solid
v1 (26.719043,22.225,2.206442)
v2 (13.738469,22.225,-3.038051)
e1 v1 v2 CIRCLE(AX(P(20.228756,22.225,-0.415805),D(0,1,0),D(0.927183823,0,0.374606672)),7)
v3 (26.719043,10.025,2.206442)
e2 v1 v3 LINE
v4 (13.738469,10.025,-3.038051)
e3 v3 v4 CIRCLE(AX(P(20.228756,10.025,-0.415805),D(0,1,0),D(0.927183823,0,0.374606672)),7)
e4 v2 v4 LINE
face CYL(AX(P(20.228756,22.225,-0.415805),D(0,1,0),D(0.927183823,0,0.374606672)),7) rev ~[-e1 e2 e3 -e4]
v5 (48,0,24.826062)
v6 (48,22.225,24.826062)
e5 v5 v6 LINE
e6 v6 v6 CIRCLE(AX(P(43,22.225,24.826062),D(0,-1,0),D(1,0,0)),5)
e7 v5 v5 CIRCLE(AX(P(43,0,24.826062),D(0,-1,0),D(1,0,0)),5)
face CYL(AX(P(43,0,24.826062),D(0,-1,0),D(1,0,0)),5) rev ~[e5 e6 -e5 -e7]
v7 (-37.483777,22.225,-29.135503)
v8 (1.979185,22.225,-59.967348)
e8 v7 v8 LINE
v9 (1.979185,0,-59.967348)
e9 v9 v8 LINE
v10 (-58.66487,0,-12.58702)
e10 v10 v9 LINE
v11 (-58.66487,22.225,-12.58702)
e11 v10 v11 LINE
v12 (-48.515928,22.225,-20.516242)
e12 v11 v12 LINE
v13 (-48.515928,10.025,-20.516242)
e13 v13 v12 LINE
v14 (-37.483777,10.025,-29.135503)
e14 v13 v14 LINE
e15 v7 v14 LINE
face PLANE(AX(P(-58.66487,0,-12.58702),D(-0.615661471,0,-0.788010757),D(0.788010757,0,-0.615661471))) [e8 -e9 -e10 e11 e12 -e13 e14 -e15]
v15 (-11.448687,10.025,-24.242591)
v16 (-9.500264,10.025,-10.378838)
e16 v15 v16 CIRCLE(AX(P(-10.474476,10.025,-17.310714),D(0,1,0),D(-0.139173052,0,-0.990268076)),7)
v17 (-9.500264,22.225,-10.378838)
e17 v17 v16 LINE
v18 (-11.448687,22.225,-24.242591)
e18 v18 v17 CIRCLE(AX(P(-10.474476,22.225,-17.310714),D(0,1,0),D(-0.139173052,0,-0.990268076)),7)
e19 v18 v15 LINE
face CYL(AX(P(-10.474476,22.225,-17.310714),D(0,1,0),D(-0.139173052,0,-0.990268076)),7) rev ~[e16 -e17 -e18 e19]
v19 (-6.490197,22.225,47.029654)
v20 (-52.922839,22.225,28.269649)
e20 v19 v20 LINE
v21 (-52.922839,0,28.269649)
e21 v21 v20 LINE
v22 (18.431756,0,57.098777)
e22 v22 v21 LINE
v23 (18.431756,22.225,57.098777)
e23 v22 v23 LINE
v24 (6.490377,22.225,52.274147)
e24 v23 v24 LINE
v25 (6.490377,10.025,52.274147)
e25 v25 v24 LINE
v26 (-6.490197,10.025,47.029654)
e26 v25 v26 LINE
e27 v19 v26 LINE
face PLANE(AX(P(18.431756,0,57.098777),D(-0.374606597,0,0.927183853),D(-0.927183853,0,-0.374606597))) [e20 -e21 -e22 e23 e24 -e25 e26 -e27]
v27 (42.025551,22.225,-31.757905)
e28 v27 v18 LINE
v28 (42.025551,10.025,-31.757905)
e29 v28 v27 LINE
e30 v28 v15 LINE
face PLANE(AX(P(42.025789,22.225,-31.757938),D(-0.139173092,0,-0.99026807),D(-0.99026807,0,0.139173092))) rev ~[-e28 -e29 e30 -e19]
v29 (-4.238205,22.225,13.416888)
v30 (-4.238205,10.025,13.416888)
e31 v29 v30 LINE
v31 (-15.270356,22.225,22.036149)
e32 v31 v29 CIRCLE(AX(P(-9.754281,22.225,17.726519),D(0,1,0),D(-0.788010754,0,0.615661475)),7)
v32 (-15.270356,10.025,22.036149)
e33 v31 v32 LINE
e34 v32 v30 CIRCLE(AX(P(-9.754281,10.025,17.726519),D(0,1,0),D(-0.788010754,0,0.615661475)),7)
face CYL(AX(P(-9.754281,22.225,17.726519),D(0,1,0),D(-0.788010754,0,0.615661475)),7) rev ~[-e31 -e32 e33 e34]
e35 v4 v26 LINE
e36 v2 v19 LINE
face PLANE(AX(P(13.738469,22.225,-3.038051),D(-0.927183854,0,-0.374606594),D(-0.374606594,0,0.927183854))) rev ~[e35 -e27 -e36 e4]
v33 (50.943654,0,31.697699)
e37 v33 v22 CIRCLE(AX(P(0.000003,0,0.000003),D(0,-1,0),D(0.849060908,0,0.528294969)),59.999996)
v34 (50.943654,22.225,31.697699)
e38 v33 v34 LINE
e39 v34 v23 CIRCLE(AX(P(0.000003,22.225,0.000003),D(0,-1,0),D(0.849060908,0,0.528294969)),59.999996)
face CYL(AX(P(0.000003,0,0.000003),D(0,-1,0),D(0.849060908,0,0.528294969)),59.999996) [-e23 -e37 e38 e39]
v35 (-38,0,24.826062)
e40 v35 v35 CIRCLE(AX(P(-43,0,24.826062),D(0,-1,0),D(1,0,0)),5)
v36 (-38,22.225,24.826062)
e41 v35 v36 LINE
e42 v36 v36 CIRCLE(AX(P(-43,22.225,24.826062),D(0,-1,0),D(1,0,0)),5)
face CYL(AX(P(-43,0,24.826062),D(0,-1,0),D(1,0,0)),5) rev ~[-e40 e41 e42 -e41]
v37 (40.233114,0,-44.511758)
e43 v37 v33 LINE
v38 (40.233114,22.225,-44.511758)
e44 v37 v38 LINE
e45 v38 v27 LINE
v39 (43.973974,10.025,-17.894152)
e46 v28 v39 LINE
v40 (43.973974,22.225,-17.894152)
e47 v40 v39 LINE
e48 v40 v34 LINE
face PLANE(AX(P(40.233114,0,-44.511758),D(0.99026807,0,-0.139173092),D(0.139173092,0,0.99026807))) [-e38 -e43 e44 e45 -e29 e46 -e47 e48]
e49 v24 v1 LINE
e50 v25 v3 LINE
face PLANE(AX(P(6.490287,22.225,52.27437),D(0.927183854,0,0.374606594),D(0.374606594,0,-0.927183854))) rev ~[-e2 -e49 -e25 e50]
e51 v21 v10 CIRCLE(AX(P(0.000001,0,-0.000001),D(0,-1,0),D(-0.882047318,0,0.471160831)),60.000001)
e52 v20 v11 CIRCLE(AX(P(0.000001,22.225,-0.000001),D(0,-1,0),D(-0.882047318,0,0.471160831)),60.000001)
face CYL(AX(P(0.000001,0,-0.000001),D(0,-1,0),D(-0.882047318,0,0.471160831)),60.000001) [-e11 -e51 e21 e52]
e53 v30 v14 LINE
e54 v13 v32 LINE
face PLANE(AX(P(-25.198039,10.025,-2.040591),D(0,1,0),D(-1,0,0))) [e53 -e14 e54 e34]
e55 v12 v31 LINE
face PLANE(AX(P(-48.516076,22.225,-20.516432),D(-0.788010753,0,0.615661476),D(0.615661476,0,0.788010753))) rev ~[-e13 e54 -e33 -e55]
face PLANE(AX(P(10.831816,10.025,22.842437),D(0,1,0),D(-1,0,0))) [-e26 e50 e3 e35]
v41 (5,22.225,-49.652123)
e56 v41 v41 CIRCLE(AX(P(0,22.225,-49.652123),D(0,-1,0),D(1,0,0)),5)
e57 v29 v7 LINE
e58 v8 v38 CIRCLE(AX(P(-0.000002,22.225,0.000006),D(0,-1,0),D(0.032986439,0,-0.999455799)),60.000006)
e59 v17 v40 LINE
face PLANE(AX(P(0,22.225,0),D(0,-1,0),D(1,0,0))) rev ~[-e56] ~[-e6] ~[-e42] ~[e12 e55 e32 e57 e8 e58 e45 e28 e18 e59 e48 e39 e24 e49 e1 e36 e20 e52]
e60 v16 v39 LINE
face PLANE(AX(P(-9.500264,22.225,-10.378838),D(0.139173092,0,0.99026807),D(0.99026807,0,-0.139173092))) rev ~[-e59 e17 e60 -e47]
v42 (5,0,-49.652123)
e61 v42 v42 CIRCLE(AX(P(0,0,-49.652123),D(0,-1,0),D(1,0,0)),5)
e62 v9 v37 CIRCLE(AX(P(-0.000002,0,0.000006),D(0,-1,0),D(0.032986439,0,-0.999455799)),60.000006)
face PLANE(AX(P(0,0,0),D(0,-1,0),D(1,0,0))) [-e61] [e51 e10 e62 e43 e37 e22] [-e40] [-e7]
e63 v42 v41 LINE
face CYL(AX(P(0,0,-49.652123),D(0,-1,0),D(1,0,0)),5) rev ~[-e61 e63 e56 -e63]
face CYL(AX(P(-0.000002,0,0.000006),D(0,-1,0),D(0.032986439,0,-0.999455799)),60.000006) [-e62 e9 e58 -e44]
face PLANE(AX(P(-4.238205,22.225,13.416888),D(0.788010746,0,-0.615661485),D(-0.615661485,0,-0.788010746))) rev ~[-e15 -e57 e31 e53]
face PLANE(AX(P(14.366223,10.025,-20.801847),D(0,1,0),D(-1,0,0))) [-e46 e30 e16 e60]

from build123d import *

# Parameters (mm, degrees)
F0_R     = 5
F1_DEPTH = 22.225
F3_DEPTH = 12.2


with BuildPart() as f1:
    # F0 (on Front) → F1 (new body)
    with BuildSketch(Plane.XZ):
        with BuildLine():
            Line((18.431756, 57.098777), (-52.922839, 28.269649))
            ThreePointArc((-52.922839, 28.269649), (-59.416084, 8.350386), (-58.66487, -12.58702))
            Line((-58.66487, -12.58702), (1.979185, -59.967348))
            ThreePointArc((1.979185, -59.967348), (22.476396, -55.631031), (40.233114, -44.511758))
            Line((40.233114, -44.511758), (50.943654, 31.697699))
            ThreePointArc((50.943654, 31.697699), (36.939689, 47.280645), (18.431756, 57.098777))
        make_face()
        with Locations((0, -49.652123)):
            Circle(F0_R, mode=Mode.SUBTRACT)
        with Locations((-43, 24.826062)):
            Circle(F0_R, mode=Mode.SUBTRACT)
        with Locations((43, 24.826062)):
            Circle(F0_R, mode=Mode.SUBTRACT)
    extrude(amount=-F1_DEPTH)

    # F2 (on face) → F3 (cut)
    with BuildSketch(Plane(origin=(0, 22.225, 0), x_dir=(-1, 0, 0), z_dir=(0, 1, 0))):
        with BuildLine():
            Line((-42.025789, -31.757938), (11.448687, -24.242591))
            ThreePointArc((11.448687, -24.242591), (17.406352, -16.336502), (9.500264, -10.378838))
            Line((9.500264, -10.378838), (-43.974212, -17.894185))
            Line((-43.974212, -17.894185), (-42.025789, -31.757938))
        make_face()
        with BuildLine():
            Line((4.238205, 13.416888), (37.483925, -29.135692))
            Line((37.483925, -29.135692), (48.516076, -20.516432))
            Line((48.516076, -20.516432), (15.270356, 22.036149))
            ThreePointArc((15.270356, 22.036149), (5.44465, 23.242594), (4.238205, 13.416888))
        make_face()
        with BuildLine():
            Line((-13.738469, -3.038051), (6.490287, 47.029877))
            Line((6.490287, 47.029877), (-6.490287, 52.27437))
            Line((-6.490287, 52.27437), (-26.719043, 2.206442))
            ThreePointArc((-26.719043, 2.206442), (-22.851002, -6.906092), (-13.738469, -3.038051))
        make_face()
    extrude(amount=-F3_DEPTH, mode=Mode.SUBTRACT)


solid = f1.part
